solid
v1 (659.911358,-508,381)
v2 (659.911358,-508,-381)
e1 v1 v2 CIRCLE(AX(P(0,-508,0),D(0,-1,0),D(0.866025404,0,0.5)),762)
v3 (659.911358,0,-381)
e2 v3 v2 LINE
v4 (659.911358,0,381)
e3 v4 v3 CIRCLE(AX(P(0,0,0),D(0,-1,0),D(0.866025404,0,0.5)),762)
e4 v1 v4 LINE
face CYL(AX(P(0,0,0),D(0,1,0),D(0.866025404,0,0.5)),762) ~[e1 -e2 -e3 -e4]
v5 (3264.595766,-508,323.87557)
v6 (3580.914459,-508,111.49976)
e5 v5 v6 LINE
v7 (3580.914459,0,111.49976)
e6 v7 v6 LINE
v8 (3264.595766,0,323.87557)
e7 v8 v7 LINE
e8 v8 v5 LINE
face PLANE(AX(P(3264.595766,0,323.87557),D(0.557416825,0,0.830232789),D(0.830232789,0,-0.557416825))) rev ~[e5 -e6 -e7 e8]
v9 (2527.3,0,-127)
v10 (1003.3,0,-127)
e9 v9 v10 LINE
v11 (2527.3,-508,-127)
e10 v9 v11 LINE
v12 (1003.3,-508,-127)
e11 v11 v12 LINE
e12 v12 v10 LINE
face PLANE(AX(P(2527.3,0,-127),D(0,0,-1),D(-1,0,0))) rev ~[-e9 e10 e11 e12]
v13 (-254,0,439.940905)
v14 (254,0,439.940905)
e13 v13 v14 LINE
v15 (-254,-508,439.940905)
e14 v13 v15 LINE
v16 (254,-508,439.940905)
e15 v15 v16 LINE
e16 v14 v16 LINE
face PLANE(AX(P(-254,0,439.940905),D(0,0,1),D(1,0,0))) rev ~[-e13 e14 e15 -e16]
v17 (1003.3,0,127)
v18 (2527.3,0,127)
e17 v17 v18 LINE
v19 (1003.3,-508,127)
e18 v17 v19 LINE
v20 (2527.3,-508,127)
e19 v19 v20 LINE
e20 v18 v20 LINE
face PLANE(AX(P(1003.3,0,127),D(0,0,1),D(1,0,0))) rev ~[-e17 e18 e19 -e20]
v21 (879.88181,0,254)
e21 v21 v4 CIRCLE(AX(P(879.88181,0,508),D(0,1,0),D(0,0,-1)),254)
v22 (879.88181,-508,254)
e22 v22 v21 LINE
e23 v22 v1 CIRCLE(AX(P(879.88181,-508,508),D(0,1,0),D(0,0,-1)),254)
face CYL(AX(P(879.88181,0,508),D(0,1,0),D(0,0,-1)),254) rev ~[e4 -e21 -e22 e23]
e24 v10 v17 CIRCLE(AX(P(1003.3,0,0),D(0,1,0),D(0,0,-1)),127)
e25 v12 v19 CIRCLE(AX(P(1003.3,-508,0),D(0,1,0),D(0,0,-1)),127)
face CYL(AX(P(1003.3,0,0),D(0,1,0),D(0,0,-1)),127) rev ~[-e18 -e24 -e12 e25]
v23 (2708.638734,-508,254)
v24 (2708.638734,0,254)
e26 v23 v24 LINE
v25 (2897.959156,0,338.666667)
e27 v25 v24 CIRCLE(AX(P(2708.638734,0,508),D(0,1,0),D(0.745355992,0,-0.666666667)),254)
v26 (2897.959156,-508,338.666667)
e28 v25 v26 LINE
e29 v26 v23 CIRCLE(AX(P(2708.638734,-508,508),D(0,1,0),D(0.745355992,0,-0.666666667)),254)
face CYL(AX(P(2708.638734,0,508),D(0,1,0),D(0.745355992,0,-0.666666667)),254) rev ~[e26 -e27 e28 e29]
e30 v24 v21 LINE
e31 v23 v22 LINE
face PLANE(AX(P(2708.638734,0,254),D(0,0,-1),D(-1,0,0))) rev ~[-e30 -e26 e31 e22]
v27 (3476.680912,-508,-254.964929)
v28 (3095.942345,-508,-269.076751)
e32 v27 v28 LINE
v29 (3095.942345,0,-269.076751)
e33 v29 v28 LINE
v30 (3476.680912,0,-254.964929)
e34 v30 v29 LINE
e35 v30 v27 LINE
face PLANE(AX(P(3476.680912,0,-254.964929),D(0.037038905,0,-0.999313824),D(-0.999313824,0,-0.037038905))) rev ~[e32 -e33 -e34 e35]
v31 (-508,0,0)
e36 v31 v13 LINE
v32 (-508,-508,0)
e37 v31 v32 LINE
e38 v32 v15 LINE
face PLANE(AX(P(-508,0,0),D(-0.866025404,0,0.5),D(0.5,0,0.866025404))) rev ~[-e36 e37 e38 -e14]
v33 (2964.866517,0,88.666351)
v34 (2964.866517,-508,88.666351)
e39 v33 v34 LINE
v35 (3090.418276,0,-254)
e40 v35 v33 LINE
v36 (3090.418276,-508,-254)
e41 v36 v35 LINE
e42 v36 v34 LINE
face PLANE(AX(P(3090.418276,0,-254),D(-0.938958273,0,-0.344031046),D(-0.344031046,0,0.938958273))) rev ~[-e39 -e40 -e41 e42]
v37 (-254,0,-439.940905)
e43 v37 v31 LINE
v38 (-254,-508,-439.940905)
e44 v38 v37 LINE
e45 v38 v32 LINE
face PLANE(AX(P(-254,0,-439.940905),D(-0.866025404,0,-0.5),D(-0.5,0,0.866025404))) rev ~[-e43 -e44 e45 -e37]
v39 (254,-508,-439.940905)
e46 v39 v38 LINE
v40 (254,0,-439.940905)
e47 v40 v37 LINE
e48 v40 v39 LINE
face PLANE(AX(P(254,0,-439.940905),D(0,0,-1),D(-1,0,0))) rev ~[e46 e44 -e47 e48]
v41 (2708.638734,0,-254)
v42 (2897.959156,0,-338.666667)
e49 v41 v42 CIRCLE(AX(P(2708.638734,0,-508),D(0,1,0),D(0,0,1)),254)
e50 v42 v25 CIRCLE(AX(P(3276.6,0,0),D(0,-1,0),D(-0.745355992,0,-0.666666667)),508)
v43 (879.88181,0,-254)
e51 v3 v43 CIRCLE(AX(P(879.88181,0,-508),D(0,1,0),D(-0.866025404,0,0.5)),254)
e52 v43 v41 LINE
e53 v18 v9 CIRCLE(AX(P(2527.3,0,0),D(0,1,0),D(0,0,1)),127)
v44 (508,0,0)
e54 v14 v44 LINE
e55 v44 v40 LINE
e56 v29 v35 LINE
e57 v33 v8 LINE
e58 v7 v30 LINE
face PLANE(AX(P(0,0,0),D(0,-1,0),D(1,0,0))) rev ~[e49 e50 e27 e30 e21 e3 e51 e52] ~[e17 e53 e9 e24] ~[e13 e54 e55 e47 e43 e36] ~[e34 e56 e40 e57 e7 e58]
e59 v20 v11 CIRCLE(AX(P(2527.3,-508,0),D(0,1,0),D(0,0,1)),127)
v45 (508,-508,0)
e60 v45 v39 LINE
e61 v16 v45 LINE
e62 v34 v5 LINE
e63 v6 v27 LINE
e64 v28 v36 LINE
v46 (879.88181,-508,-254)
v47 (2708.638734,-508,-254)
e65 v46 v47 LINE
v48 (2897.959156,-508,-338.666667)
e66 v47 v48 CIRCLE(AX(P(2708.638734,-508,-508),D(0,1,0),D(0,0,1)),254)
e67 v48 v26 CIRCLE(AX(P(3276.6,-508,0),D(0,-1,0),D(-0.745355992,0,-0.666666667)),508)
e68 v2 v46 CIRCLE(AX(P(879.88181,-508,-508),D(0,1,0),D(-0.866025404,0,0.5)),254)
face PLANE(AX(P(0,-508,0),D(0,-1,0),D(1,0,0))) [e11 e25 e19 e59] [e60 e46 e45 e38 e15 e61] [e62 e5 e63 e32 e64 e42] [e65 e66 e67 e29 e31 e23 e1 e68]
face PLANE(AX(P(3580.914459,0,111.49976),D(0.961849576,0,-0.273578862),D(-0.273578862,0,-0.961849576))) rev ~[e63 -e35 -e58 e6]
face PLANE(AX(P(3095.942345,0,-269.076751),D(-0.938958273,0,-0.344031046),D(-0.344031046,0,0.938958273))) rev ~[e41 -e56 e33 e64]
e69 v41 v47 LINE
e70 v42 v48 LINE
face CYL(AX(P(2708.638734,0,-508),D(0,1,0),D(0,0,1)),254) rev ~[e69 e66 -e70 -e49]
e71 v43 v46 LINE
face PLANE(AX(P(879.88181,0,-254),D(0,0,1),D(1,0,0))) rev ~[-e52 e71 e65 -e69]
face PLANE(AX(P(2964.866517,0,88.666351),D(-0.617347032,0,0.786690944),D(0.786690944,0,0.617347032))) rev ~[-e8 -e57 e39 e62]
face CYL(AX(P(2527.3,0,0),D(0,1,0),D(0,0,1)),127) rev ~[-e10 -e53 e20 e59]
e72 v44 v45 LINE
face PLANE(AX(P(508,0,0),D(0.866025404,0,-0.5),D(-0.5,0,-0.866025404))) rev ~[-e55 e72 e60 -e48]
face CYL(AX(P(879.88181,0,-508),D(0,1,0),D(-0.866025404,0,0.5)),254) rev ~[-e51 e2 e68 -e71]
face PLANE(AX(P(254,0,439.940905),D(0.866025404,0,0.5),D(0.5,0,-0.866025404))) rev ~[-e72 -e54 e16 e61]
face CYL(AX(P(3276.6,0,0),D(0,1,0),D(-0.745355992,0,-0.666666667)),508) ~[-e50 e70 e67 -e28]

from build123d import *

# Parameters (mm, degrees)
F1_DEPTH = 25.4
F2_DEPTH = 508


with BuildPart() as f1:
    # F0 (on Front) → F1 (new body)
    with BuildSketch(Plane.XZ):
        with BuildLine():
            ThreePointArc((659.9113576837, -381), (736.0354796323, -197.2201123681), (762, 0))
            ThreePointArc((762, 0), (736.0354796323, 197.2201123681), (659.9113576837, 381))
            ThreePointArc((659.9113576837, 381), (-762, 0), (659.9113576837, -381))
        make_face()
        Polygon((-508, 0), (-254, 439.9409051225), (254, 439.9409051225), (508, 0), (254, -439.9409051225), (-254, -439.9409051225), align=None, mode=Mode.SUBTRACT)
        with BuildLine():
            ThreePointArc((659.9113576837, 381), (736.0354796323, 197.2201123681), (762, 0))
            ThreePointArc((762, 0), (736.0354796323, -197.2201123681), (659.9113576837, -381))
            ThreePointArc((659.9113576837, -381), (752.881810245, -288.0295474388), (879.881810245, -254))
            Line((879.881810245, -254), (2708.6387337151, -254))
            ThreePointArc((2708.6387337151, -254), (2812.3337994929, -276.1307839895), (2897.95915581, -338.6666666667))
            ThreePointArc((2897.95915581, -338.6666666667), (2768.6, 0), (2897.95915581, 338.6666666667))
            ThreePointArc((2897.95915581, 338.6666666667), (2812.3337994929, 276.1307839895), (2708.6387337151, 254))
            Line((2708.6387337151, 254), (1765.3, 254))
            Line((1765.3, 254), (879.881810245, 254))
            ThreePointArc((879.881810245, 254), (752.881810245, 288.0295474388), (659.9113576837, 381))
        make_face()
        with BuildLine():
            Line((1003.3, 127), (1765.3, 127))
            Line((1765.3, 127), (2527.3, 127))
            ThreePointArc((2527.3, 127), (2654.3, 0), (2527.3, -127))
            Line((2527.3, -127), (1003.3, -127))
            ThreePointArc((1003.3, -127), (876.3, 0), (1003.3, 127))
        make_face(mode=Mode.SUBTRACT)
        with BuildLine():
            ThreePointArc((2897.95915581, 338.6666666667), (2768.6, 0), (2897.95915581, -338.6666666667))
            ThreePointArc((2897.95915581, -338.6666666667), (3457.8656216047, -474.5595583531), (3784.6, 0))
            ThreePointArc((3784.6, 0), (3457.8656216047, 474.5595583531), (2897.95915581, 338.6666666667))
        make_face()
        Polygon((2997.3535592402, 0), (2964.8665166666, 88.6663506466), (3175.5526915513, 254), (3264.5957664928, 323.8755698507), (3580.9144590171, 111.4997596469), (3476.6809124478, -254.9649286515), (3095.9423453757, -269.0767514926), (3090.4182760524, -254), align=None, mode=Mode.SUBTRACT)
    extrude(amount=F1_DEPTH)

    # F0 (on Front) → F2 (join)
    with BuildSketch(Plane.XZ):
        with BuildLine():
            ThreePointArc((659.9113576837, -381), (736.0354796323, -197.2201123681), (762, 0))
            ThreePointArc((762, 0), (736.0354796323, 197.2201123681), (659.9113576837, 381))
            ThreePointArc((659.9113576837, 381), (-762, 0), (659.9113576837, -381))
        make_face()
        Polygon((-508, 0), (-254, 439.9409051225), (254, 439.9409051225), (508, 0), (254, -439.9409051225), (-254, -439.9409051225), align=None, mode=Mode.SUBTRACT)
        with BuildLine():
            ThreePointArc((659.9113576837, 381), (736.0354796323, 197.2201123681), (762, 0))
            ThreePointArc((762, 0), (736.0354796323, -197.2201123681), (659.9113576837, -381))
            ThreePointArc((659.9113576837, -381), (752.881810245, -288.0295474388), (879.881810245, -254))
            Line((879.881810245, -254), (2708.6387337151, -254))
            ThreePointArc((2708.6387337151, -254), (2812.3337994929, -276.1307839895), (2897.95915581, -338.6666666667))
            ThreePointArc((2897.95915581, -338.6666666667), (2768.6, 0), (2897.95915581, 338.6666666667))
            ThreePointArc((2897.95915581, 338.6666666667), (2812.3337994929, 276.1307839895), (2708.6387337151, 254))
            Line((2708.6387337151, 254), (1765.3, 254))
            Line((1765.3, 254), (879.881810245, 254))
            ThreePointArc((879.881810245, 254), (752.881810245, 288.0295474388), (659.9113576837, 381))
        make_face()
        with BuildLine():
            Line((1003.3, 127), (1765.3, 127))
            Line((1765.3, 127), (2527.3, 127))
            ThreePointArc((2527.3, 127), (2654.3, 0), (2527.3, -127))
            Line((2527.3, -127), (1003.3, -127))
            ThreePointArc((1003.3, -127), (876.3, 0), (1003.3, 127))
        make_face(mode=Mode.SUBTRACT)
        with BuildLine():
            ThreePointArc((2897.95915581, 338.6666666667), (2768.6, 0), (2897.95915581, -338.6666666667))
            ThreePointArc((2897.95915581, -338.6666666667), (3457.8656216047, -474.5595583531), (3784.6, 0))
            ThreePointArc((3784.6, 0), (3457.8656216047, 474.5595583531), (2897.95915581, 338.6666666667))
        make_face()
        Polygon((2997.3535592402, 0), (2964.8665166666, 88.6663506466), (3175.5526915513, 254), (3264.5957664928, 323.8755698507), (3580.9144590171, 111.4997596469), (3476.6809124478, -254.9649286515), (3095.9423453757, -269.0767514926), (3090.4182760524, -254), align=None, mode=Mode.SUBTRACT)
    extrude(amount=F2_DEPTH)


solid = f1.part
